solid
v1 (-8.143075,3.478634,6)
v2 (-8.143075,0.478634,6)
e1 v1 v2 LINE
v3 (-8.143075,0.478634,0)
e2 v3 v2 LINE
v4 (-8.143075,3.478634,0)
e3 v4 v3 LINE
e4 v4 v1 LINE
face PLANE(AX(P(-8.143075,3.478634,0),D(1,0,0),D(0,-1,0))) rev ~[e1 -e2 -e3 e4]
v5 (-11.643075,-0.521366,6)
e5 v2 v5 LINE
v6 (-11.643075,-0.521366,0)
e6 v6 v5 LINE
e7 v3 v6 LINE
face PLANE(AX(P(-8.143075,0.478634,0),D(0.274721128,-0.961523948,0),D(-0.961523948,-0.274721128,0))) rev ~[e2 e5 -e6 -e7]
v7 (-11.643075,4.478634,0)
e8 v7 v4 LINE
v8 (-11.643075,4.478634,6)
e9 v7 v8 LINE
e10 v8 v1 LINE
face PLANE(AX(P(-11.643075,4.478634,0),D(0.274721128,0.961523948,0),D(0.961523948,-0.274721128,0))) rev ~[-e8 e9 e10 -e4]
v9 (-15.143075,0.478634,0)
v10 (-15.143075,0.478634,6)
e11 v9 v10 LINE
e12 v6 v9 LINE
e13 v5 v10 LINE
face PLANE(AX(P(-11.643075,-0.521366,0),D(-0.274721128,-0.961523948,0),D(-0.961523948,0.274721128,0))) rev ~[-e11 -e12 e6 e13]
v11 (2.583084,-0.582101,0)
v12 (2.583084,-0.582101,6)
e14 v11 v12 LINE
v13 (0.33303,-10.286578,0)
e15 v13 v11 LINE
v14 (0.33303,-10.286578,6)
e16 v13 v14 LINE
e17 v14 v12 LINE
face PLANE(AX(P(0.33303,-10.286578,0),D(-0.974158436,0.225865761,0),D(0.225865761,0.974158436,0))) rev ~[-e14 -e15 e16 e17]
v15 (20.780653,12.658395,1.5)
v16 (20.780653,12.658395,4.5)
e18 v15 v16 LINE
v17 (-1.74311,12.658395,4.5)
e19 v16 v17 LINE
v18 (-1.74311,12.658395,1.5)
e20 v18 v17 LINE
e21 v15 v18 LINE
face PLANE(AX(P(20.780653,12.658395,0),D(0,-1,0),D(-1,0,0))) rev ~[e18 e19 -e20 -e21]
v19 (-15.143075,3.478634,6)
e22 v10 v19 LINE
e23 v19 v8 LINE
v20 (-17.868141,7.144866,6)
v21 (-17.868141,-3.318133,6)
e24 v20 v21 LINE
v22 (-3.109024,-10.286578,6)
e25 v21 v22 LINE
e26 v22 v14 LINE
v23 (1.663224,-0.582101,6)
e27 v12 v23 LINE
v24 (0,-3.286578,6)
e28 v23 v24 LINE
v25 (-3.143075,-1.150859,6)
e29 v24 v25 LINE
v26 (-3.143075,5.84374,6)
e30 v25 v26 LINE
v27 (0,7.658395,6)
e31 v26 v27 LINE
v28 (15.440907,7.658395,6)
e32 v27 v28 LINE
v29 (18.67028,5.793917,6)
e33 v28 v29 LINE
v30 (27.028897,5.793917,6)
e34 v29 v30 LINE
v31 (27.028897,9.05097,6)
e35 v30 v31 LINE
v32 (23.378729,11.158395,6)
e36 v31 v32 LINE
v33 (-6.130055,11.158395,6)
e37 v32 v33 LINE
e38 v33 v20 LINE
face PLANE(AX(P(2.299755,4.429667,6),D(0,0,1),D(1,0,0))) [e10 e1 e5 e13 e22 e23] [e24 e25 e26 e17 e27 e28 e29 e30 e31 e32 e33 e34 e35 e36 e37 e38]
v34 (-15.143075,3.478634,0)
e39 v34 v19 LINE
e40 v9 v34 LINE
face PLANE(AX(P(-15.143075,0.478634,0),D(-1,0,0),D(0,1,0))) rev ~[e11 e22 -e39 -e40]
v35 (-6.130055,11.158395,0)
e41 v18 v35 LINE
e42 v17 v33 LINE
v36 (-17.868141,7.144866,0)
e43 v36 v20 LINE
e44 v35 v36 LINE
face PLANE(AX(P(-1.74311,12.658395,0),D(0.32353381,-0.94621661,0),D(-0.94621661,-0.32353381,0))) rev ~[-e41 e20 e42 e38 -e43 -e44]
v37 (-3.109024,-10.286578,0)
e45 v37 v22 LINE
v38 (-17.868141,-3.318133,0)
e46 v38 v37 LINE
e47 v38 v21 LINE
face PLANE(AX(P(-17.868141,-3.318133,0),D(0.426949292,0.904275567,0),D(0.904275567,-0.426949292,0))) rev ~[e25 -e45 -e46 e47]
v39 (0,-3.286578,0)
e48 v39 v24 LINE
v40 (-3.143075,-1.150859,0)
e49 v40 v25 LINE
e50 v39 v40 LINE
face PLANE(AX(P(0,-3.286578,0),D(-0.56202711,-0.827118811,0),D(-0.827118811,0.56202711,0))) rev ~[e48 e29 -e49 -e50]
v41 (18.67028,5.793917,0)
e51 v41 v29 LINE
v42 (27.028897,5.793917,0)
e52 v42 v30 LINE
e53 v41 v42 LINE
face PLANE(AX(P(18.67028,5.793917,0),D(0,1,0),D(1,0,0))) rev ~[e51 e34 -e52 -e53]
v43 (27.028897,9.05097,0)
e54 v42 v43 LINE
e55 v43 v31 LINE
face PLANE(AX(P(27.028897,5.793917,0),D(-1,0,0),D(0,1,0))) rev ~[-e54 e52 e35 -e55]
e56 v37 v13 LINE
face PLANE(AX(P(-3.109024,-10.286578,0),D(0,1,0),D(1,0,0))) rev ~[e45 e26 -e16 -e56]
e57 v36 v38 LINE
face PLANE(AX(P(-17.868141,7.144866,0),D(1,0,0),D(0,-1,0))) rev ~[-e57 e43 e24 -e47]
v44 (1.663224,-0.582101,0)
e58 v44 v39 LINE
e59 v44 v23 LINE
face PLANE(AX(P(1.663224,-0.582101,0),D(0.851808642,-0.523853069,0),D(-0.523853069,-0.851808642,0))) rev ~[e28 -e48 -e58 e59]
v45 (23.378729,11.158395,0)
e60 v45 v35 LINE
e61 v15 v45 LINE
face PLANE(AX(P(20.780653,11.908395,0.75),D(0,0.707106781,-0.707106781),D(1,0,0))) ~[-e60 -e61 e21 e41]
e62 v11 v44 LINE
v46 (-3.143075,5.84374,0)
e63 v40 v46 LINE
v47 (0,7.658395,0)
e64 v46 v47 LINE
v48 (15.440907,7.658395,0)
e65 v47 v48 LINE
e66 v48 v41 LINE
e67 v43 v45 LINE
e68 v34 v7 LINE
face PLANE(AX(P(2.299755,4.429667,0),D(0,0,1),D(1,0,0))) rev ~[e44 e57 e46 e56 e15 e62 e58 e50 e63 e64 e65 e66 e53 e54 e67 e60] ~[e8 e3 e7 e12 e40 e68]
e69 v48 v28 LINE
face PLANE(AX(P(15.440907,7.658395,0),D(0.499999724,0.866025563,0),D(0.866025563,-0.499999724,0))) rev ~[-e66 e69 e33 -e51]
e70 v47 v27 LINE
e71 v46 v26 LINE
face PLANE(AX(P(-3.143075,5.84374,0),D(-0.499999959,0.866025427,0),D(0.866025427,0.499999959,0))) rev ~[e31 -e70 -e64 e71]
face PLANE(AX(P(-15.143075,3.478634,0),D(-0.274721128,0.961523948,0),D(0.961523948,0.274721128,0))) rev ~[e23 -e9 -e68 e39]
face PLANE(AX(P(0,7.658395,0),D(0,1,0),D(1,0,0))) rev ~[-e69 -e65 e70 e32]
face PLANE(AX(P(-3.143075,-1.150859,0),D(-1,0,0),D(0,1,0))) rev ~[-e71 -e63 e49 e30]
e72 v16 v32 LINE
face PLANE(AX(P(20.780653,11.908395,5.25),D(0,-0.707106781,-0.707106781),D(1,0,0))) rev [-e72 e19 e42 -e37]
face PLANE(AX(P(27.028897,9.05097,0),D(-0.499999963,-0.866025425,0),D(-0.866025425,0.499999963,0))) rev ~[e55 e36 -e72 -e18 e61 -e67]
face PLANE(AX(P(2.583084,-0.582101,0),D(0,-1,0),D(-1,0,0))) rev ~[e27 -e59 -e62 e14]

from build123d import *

# Parameters (mm, degrees)
F1_DEPTH = 6
F2_SIZE  = 1.5


with BuildPart() as f1:
    # F0 (on Top) → F1 (new body)
    with BuildSketch(Plane.XY):
        Polygon((20.780653, 12.658395), (-1.74311, 12.658395), (-17.868141, 7.144866), (-17.868141, -2.784012), (-13.30795, -4.319267), (-3.109024, -10.286578), (0.33303, -10.286578), (2.583084, -0.582101), (1.663224, -0.582101), (0, -3.286578), (-3.143075, -1.150859), (-3.143075, 5.84374), (0, 7.658395), (15.440907, 7.658395), (18.67028, 5.793917), (27.028897, 5.793917), (27.028897, 9.05097), align=None)
        Polygon((-15.143075, 0.478634), (-15.143075, 3.478634), (-11.643075, 4.478634), (-8.143075, 3.478634), (-8.143075, 0.478634), (-11.643075, -0.521366), align=None, mode=Mode.SUBTRACT)
        Polygon((-13.30795, -4.319267), (-17.868141, -2.784012), (-17.868141, -3.318133), (-3.109024, -10.286578), align=None)
    extrude(amount=F1_DEPTH)

    # F2
    f2_edges = [f1.edges().sort_by_distance(p)[0] for p in [
        (9.518772, 12.658395, 6),
        (9.518772, 12.658395, 0),
    ]]
    chamfer(f2_edges, length=F2_SIZE)


solid = f1.part
